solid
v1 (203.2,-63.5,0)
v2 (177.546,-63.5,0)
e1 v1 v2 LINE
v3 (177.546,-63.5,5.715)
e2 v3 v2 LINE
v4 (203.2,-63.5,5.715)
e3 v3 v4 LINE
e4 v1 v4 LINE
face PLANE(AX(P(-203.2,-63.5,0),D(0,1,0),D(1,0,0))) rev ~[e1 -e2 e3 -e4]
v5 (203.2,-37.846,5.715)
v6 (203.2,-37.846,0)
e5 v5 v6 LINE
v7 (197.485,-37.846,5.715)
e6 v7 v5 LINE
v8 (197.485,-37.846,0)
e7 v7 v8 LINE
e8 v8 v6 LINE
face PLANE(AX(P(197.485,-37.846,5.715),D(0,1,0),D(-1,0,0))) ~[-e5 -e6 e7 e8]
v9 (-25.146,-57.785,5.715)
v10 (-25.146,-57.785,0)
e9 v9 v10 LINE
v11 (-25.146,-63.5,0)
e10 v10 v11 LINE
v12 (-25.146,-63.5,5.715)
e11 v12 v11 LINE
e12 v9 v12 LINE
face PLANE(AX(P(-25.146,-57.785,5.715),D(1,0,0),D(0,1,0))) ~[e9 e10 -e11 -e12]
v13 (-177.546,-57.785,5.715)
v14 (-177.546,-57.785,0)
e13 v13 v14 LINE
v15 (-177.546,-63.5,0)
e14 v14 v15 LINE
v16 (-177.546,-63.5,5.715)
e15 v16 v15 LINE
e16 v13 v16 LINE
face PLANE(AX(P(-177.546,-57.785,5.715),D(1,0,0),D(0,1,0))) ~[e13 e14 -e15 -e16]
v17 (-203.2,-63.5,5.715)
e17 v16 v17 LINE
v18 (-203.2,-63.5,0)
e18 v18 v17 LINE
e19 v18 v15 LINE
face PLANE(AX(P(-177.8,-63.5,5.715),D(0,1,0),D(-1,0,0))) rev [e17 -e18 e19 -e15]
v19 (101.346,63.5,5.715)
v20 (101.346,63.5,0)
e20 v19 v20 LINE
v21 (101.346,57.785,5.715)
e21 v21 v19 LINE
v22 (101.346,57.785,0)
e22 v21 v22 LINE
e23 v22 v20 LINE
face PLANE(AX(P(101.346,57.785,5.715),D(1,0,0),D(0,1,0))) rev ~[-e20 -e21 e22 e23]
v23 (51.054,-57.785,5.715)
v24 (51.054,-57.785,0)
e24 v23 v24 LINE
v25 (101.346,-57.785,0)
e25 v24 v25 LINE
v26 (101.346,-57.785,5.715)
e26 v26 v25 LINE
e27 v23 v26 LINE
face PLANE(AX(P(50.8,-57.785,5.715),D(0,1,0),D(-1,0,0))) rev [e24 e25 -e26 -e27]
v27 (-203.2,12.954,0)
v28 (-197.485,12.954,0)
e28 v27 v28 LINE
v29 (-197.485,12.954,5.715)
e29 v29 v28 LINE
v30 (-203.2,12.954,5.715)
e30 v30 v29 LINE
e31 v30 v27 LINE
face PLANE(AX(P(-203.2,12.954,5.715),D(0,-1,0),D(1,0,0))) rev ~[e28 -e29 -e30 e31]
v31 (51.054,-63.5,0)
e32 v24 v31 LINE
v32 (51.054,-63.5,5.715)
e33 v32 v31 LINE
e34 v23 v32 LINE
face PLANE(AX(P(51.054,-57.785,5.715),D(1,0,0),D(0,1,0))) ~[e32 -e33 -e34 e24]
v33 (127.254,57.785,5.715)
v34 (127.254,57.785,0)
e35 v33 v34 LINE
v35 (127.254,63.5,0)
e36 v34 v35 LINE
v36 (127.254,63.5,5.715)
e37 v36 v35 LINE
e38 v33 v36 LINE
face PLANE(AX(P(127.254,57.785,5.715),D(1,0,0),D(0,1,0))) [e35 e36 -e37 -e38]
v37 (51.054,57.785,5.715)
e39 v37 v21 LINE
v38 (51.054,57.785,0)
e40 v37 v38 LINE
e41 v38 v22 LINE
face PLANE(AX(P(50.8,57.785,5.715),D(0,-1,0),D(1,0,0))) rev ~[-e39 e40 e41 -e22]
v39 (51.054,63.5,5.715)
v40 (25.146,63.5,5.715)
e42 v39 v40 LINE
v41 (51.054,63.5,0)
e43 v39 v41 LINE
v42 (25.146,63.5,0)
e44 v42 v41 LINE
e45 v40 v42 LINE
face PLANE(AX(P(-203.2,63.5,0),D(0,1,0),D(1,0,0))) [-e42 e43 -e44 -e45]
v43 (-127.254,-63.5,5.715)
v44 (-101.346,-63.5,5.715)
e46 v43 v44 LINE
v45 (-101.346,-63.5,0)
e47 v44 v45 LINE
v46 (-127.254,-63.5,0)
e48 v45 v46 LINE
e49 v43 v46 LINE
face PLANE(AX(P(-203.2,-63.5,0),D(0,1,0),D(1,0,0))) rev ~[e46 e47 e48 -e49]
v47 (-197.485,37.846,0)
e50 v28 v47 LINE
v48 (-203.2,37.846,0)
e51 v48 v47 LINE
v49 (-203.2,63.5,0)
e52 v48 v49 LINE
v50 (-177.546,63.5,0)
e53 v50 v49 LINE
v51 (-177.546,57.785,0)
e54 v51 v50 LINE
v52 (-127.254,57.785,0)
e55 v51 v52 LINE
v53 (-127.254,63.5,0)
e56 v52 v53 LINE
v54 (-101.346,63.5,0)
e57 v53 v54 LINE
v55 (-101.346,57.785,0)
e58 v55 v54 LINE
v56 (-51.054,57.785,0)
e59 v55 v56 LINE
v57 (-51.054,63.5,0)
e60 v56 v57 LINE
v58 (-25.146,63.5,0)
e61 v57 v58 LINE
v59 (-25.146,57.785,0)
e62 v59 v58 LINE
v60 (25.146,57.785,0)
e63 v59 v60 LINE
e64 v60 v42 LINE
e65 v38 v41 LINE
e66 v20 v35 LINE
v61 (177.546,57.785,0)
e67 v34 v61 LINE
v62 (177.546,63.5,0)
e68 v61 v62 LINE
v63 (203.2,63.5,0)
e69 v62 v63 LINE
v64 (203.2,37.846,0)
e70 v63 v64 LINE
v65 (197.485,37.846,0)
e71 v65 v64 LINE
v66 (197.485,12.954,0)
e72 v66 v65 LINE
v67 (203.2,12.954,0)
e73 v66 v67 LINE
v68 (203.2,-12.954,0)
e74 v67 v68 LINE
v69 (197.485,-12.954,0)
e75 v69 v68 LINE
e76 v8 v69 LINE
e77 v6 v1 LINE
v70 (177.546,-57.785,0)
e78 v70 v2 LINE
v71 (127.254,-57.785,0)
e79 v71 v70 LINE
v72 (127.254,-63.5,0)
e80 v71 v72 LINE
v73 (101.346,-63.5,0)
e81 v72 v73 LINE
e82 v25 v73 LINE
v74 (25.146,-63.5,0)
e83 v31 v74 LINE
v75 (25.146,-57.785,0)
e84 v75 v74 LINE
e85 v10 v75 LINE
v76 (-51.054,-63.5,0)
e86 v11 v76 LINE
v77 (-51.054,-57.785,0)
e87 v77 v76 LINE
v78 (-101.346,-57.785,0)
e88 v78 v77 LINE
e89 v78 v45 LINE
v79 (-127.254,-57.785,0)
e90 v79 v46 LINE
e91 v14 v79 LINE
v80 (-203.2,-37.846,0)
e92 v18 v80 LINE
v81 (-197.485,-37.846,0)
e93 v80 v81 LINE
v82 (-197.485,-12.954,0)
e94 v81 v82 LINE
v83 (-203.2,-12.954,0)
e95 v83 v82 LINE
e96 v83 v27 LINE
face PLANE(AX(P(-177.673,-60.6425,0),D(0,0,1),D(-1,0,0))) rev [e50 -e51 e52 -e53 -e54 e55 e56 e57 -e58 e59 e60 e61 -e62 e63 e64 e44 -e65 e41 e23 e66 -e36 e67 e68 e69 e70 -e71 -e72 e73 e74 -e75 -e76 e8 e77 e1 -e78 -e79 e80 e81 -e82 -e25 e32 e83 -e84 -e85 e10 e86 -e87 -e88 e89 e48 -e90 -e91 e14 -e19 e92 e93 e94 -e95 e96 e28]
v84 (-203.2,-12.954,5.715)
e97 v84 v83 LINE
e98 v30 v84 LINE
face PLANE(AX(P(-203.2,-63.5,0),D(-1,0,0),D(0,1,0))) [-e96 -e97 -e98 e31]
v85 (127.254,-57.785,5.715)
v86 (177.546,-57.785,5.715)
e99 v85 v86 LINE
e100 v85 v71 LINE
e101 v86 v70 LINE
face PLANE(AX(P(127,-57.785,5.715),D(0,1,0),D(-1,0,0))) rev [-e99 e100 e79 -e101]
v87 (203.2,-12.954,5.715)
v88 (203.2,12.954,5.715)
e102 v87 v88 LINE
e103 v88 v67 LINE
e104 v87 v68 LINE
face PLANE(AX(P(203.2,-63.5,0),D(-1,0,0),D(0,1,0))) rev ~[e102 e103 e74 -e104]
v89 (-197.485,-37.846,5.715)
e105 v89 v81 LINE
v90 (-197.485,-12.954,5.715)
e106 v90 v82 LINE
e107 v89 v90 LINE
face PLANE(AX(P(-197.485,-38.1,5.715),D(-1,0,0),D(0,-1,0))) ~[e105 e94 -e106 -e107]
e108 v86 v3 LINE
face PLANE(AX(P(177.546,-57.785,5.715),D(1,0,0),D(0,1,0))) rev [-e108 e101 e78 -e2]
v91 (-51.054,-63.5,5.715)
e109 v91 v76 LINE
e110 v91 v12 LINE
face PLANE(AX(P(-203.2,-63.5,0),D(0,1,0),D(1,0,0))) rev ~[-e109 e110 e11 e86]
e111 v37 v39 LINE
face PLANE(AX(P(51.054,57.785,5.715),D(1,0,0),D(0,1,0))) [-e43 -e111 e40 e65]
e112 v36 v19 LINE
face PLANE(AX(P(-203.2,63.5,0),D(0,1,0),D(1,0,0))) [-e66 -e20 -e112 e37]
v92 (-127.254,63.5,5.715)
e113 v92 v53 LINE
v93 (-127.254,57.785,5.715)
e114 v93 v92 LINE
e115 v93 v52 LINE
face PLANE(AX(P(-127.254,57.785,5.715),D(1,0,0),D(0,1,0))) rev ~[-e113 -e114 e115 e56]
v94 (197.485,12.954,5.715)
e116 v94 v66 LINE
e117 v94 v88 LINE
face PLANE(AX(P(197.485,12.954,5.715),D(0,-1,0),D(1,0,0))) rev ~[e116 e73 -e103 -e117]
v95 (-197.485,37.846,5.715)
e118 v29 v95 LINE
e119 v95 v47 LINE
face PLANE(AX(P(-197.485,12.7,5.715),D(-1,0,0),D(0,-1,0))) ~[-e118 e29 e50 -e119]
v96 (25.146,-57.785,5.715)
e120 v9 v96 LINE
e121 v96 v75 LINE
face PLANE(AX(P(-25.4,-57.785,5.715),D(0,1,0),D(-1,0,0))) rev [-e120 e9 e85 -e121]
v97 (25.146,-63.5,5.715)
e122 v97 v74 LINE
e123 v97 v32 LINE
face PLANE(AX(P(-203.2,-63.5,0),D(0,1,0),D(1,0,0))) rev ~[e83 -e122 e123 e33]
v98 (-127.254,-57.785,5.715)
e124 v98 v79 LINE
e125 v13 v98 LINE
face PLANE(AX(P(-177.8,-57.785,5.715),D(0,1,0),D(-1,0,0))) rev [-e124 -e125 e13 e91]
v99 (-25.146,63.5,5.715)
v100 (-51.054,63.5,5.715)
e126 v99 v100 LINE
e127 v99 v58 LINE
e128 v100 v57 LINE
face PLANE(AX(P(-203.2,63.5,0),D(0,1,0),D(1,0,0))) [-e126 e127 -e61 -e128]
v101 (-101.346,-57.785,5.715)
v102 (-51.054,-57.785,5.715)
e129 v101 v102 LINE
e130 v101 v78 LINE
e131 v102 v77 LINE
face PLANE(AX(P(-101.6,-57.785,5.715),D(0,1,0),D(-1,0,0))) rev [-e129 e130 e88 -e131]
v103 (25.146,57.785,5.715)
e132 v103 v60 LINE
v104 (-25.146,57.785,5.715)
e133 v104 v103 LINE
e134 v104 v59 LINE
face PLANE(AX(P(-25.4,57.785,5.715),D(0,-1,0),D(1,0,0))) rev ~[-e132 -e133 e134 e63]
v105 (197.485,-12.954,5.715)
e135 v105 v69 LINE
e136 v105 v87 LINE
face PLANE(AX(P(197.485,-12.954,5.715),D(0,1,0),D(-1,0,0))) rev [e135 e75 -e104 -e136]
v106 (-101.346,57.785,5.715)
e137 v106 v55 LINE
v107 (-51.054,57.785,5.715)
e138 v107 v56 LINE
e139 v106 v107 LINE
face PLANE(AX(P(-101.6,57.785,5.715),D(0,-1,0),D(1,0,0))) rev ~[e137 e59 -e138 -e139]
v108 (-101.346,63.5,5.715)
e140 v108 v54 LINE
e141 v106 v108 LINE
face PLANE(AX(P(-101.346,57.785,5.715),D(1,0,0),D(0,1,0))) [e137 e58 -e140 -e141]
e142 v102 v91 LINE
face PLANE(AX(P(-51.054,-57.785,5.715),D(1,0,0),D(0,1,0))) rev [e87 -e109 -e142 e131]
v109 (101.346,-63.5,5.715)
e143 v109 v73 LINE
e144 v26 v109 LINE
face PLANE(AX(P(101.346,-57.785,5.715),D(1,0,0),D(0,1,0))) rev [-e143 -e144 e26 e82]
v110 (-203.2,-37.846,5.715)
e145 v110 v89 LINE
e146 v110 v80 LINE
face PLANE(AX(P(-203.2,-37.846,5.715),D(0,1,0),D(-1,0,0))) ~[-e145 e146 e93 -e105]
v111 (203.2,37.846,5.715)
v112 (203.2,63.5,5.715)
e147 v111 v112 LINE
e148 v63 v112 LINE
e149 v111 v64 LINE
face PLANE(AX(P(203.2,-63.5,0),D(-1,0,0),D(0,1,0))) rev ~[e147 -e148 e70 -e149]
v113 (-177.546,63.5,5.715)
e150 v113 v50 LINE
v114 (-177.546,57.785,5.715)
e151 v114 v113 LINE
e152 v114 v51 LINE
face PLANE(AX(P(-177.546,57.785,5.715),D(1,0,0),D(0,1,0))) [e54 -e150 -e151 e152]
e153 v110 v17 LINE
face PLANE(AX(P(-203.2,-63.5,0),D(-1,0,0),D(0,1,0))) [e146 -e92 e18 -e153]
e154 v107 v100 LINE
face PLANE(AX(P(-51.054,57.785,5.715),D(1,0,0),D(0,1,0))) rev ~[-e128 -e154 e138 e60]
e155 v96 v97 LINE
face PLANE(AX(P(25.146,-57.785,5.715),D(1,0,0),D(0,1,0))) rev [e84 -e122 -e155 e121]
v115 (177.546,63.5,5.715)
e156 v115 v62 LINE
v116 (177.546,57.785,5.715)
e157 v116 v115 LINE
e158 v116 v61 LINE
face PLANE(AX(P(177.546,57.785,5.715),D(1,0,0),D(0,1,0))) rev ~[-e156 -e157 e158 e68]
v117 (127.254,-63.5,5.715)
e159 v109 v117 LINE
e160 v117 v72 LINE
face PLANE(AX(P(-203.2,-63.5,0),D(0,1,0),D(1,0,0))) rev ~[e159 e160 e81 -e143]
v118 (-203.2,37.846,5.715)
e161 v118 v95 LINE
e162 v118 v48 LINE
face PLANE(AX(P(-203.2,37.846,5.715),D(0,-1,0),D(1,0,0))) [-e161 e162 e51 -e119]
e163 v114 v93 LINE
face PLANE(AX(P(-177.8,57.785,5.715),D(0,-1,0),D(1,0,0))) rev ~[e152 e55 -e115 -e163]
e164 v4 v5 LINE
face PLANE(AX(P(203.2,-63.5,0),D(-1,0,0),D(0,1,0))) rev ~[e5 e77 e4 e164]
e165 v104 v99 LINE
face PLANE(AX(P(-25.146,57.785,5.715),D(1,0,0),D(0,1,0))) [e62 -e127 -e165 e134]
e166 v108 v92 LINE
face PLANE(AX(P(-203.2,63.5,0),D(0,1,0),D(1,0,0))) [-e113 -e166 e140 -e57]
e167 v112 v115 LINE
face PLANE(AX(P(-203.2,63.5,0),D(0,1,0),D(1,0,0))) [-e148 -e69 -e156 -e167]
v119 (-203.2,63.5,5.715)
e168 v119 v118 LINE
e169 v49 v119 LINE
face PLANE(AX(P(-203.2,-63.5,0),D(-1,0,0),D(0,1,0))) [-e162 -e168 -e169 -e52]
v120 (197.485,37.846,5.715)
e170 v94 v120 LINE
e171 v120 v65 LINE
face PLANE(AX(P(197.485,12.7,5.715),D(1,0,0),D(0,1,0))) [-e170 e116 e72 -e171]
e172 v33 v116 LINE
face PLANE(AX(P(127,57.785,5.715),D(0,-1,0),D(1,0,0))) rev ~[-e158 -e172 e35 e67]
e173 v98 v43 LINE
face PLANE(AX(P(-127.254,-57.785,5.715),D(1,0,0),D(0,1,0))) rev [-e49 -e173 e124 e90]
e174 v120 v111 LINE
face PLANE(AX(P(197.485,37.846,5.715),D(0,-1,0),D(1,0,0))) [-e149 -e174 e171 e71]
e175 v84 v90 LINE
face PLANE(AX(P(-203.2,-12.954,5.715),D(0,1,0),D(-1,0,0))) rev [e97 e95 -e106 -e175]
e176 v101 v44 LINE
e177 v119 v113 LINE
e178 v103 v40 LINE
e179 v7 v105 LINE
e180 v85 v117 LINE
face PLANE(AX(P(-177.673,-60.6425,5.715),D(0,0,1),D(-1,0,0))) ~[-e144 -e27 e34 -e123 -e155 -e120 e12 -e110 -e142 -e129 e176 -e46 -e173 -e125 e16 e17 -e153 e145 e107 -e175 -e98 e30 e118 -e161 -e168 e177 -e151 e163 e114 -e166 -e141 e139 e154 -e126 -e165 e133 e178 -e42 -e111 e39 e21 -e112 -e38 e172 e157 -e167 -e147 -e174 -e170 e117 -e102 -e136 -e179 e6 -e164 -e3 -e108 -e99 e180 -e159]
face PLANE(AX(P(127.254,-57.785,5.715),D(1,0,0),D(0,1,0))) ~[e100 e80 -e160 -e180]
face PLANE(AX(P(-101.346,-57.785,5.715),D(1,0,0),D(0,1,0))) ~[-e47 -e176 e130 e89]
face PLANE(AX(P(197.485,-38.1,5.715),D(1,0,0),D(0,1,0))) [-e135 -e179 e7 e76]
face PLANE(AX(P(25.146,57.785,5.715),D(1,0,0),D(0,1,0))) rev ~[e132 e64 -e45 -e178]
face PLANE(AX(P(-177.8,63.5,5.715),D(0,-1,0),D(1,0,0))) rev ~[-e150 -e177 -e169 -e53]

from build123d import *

# Parameters (mm, degrees)
SKETCH1_W           = 406.4
SKETCH1_H           = 127
BOSS_EXTRUDE1_DEPTH = 5.715
SKETCH2_W           = 50.8
SKETCH2_H           = 5.715
TOP_JIGSAW_DEPTH    = 6.715
SKETCH3_W           = 5.715
SKETCH3_H           = 25.4
RIGHT_JIGSAW_DEPTH  = 6.715
SKETCH4_W           = 0.254
SKETCH4_H           = 5.715
SKETCH4_W_2         = 5.715
SKETCH4_H_2         = 0.254
BOSS_EXTRUDE2_DEPTH = 5.715


with BuildPart() as part:
    # Sketch1 → Boss-Extrude1 (new body)
    with BuildSketch(Plane.XY):
        Rectangle(SKETCH1_W, SKETCH1_H)
    extrude(amount=BOSS_EXTRUDE1_DEPTH)

    # Sketch2 → Top Jigsaw (cut, through all)
    with BuildSketch(Plane.XY.offset(5.715)):
        with Locations((-152.4, 60.6425)):
            Rectangle(SKETCH2_W, SKETCH2_H)
        with Locations((-76.2, 60.6425)):
            Rectangle(SKETCH2_W, SKETCH2_H)
        with Locations((0, 60.6425)):
            Rectangle(SKETCH2_W, SKETCH2_H)
        with Locations((76.2, 60.6425)):
            Rectangle(SKETCH2_W, SKETCH2_H)
        with Locations((152.4, 60.6425)):
            Rectangle(SKETCH2_W, SKETCH2_H)
    top_jigsaw = extrude(amount=-TOP_JIGSAW_DEPTH, mode=Mode.SUBTRACT)

    # Bottom Jigsaw: Top Jigsaw across plane
    add(top_jigsaw.mirror(Plane.ZX), mode=Mode.SUBTRACT)

    # Sketch3 → Right Jigsaw (cut, through all)
    with BuildSketch(Plane.XY.offset(5.715)):
        with Locations((200.3425, 25.4)):
            Rectangle(SKETCH3_W, SKETCH3_H)
        with Locations((200.3425, -25.4)):
            Rectangle(SKETCH3_W, SKETCH3_H)
    right_jigsaw = extrude(amount=-RIGHT_JIGSAW_DEPTH, mode=Mode.SUBTRACT)

    # Mirror2: Right Jigsaw across plane
    add(right_jigsaw.mirror(Plane(origin=(0, 0, 0), x_dir=(0, 0, 1), z_dir=(1, 0, 0))), mode=Mode.SUBTRACT)

    # Sketch4 → Boss-Extrude2 (add)
    with BuildSketch(Plane.XY.offset(5.715)):
        with Locations((-177.673, 60.6425)):
            Rectangle(SKETCH4_W, SKETCH4_H)
        with Locations((-127.127, 60.6425)):
            Rectangle(SKETCH4_W, SKETCH4_H)
        with Locations((-101.473, 60.6425)):
            Rectangle(SKETCH4_W, SKETCH4_H)
        with Locations((-50.927, 60.6425)):
            Rectangle(SKETCH4_W, SKETCH4_H)
        with Locations((-25.273, 60.6425)):
            Rectangle(SKETCH4_W, SKETCH4_H)
        with Locations((25.273, 60.6425)):
            Rectangle(SKETCH4_W, SKETCH4_H)
        with Locations((50.927, 60.6425)):
            Rectangle(SKETCH4_W, SKETCH4_H)
        with Locations((101.473, 60.6425)):
            Rectangle(SKETCH4_W, SKETCH4_H)
        with Locations((127.127, 60.6425)):
            Rectangle(SKETCH4_W, SKETCH4_H)
        with Locations((177.673, 60.6425)):
            Rectangle(SKETCH4_W, SKETCH4_H)
        with Locations((200.3425, 37.973)):
            Rectangle(SKETCH4_W_2, SKETCH4_H_2)
        with Locations((200.3425, 12.827)):
            Rectangle(SKETCH4_W_2, SKETCH4_H_2)
        with Locations((-200.3425, 37.973)):
            Rectangle(SKETCH4_W_2, SKETCH4_H_2)
        with Locations((-200.3425, 12.827)):
            Rectangle(SKETCH4_W_2, SKETCH4_H_2)
    boss_extrude2 = extrude(amount=-BOSS_EXTRUDE2_DEPTH)

    # Mirror3: Boss-Extrude2 across plane
    add(boss_extrude2.mirror(Plane.ZX))


solid = part.part
